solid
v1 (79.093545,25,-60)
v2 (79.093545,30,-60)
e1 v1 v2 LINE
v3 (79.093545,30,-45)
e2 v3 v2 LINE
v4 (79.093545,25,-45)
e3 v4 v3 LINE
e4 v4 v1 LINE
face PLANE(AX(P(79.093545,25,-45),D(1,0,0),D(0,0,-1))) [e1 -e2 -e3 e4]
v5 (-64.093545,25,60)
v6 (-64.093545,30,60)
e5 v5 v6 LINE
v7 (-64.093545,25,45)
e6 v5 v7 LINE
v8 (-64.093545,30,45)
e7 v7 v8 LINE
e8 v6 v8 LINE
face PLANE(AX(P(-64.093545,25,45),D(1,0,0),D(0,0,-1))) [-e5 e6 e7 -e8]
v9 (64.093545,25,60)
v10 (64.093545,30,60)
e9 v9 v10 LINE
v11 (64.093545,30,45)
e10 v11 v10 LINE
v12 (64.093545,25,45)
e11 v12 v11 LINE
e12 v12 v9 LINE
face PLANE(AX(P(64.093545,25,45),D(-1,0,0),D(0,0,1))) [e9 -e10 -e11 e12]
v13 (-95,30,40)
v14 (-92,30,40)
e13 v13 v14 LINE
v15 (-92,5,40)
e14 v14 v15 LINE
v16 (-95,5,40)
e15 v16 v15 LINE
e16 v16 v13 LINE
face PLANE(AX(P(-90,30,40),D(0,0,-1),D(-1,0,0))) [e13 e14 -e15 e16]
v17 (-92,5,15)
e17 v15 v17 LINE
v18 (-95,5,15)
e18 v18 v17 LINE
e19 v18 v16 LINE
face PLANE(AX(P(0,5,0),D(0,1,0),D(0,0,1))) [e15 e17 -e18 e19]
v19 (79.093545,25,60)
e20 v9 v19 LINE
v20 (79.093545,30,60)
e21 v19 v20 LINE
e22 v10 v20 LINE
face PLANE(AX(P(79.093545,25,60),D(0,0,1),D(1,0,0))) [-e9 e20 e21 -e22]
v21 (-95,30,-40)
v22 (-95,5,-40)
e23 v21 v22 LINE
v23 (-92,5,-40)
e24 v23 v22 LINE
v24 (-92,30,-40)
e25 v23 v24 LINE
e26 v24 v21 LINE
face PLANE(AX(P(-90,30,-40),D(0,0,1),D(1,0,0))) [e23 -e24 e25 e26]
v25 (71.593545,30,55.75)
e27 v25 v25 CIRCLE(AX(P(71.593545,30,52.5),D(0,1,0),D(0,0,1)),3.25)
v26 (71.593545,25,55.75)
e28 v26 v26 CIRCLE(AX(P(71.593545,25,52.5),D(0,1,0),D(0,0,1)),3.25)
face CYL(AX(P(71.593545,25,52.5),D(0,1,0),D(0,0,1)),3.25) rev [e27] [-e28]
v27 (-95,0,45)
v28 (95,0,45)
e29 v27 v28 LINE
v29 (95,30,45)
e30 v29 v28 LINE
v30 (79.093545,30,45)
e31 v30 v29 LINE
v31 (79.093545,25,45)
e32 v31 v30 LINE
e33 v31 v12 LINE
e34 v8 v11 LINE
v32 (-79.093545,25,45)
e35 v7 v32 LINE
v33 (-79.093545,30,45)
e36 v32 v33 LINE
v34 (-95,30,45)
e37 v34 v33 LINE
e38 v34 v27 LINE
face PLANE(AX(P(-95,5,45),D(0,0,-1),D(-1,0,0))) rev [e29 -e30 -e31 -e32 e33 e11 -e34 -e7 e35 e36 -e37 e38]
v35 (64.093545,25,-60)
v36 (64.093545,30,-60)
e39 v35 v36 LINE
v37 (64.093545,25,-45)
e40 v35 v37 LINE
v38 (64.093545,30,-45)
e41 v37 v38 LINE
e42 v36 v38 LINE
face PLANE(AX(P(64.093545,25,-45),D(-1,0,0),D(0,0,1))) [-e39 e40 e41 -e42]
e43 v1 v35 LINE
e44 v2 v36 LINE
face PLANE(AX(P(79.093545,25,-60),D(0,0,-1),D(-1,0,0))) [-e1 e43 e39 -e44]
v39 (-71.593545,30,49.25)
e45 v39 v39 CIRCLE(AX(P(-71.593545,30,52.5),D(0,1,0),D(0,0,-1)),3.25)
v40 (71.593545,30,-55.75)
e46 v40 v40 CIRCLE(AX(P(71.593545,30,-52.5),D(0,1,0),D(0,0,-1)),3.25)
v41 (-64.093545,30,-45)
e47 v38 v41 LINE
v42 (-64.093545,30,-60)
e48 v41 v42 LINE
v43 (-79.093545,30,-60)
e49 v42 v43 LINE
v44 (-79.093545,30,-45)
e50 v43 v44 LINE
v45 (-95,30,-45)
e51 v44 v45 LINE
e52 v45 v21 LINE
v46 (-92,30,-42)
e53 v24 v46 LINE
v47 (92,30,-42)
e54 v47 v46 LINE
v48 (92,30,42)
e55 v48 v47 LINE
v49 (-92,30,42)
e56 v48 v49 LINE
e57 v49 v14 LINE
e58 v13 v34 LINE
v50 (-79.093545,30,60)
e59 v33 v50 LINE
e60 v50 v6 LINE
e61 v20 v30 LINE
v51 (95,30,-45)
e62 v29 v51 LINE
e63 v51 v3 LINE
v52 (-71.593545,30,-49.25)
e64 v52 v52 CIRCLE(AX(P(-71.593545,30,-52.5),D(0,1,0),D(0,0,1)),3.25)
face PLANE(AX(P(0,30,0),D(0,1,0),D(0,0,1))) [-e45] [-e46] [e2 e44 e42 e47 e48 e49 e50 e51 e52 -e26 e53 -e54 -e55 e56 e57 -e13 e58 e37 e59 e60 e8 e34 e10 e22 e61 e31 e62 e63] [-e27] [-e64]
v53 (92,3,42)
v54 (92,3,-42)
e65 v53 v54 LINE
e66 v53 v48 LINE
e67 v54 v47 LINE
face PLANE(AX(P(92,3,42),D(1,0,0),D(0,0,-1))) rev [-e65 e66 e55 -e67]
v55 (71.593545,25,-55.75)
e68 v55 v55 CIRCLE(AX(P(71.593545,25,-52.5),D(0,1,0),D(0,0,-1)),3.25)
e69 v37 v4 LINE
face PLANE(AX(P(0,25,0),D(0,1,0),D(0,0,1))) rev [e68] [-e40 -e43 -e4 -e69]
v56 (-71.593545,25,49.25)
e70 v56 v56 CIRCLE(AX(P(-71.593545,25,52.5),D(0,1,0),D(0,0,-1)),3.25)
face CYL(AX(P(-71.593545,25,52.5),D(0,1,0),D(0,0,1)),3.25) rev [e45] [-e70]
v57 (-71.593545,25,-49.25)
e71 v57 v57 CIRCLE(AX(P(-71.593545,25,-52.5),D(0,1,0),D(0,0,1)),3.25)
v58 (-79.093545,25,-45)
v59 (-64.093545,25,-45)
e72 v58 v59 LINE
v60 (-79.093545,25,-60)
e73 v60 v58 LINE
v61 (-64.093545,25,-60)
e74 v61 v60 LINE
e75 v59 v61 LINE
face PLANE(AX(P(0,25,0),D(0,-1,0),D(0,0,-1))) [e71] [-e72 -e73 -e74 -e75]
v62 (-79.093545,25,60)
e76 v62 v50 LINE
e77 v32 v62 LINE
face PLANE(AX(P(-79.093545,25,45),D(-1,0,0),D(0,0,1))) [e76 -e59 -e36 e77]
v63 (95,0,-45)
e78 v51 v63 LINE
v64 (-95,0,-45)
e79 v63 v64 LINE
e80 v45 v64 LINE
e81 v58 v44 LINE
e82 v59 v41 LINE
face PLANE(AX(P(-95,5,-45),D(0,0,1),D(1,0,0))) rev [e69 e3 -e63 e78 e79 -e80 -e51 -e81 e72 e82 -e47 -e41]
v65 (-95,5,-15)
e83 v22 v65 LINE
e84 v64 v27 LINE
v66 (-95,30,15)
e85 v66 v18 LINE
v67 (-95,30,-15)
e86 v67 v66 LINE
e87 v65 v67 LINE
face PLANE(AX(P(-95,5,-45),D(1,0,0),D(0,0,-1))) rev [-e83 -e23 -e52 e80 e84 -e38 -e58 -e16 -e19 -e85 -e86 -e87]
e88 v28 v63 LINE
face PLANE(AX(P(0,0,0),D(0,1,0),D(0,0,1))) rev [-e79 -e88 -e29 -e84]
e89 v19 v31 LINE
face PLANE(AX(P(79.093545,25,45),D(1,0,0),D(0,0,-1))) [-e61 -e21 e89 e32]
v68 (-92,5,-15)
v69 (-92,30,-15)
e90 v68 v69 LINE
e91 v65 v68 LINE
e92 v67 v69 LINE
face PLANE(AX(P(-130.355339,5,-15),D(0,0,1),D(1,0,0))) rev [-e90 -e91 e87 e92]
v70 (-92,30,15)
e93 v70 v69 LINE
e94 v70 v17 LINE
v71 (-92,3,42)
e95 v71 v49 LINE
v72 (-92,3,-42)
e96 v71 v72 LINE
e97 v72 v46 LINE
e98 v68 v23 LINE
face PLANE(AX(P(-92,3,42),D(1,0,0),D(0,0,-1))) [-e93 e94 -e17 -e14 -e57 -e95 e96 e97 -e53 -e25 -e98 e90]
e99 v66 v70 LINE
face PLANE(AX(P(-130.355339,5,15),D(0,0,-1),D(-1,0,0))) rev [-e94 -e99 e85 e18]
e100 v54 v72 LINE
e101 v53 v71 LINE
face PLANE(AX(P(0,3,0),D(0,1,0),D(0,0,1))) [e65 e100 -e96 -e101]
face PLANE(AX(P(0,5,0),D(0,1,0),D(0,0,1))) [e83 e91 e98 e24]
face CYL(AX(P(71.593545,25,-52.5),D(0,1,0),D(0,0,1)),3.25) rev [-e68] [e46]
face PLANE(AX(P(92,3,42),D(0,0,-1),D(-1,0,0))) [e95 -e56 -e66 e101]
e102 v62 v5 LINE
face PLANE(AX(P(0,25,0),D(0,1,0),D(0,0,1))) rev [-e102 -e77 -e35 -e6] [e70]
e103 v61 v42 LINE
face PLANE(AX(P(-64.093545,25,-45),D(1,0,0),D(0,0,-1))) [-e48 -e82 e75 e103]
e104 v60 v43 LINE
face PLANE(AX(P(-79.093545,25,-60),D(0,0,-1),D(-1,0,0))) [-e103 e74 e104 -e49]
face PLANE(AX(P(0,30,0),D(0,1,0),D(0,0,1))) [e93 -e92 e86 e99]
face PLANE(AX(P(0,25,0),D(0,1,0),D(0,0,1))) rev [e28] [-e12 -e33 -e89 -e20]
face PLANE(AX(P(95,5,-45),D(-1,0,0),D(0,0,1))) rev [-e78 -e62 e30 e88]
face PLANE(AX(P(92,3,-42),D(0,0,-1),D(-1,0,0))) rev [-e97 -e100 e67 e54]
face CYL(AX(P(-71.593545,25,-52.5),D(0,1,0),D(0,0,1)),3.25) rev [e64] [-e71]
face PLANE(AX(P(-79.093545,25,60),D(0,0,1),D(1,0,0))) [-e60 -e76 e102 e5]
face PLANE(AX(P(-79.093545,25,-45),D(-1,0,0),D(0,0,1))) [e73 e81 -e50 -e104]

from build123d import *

# Parameters (mm, degrees)
SKETCH2_W           = 190
SKETCH2_H           = 90
BOSS_EXTRUDE1_DEPTH = 5
SKETCH3_W           = 190
SKETCH3_H           = 90
SKETCH3_W_2         = 180
SKETCH3_H_2         = 80
BOSS_EXTRUDE2_DEPTH = 25
SKETCH5_W           = 25
SKETCH5_H           = 25
CUT_EXTRUDE1_DEPTH  = 5
SKETCH6_W           = 15
SKETCH6_H           = 15
SKETCH6_R           = 3.25
BOSS_EXTRUDE3_DEPTH = 5
SKETCH8_W           = 184
SKETCH8_H           = 84
CUT_EXTRUDE2_DEPTH  = 27


with BuildPart() as part:
    # Sketch2 → Boss-Extrude1 (new body)
    with BuildSketch(Plane(origin=(0, 0, 0), x_dir=(1, 0, 0), z_dir=(0, 1, 0))):
        Rectangle(SKETCH2_W, SKETCH2_H)
    extrude(amount=BOSS_EXTRUDE1_DEPTH)

    # Sketch3 → Boss-Extrude2 (add)
    with BuildSketch(Plane(origin=(0, 5, 0), x_dir=(1, 0, 0), z_dir=(0, 1, 0))):
        Rectangle(SKETCH3_W, SKETCH3_H)
        Rectangle(SKETCH3_W_2, SKETCH3_H_2, mode=Mode.SUBTRACT)
    extrude(amount=BOSS_EXTRUDE2_DEPTH)

    # Sketch5 → Cut-Extrude1 (cut)
    with BuildSketch(Plane(origin=(-90, 0, 0), x_dir=(0, 0, -1), z_dir=(1, 0, 0))):
        with Locations((-27.5, 17.5)):
            Rectangle(SKETCH5_W, SKETCH5_H)
        with Locations((27.5, 17.5)):
            Rectangle(SKETCH5_W, SKETCH5_H)
    extrude(amount=-CUT_EXTRUDE1_DEPTH, mode=Mode.SUBTRACT)

    # Sketch6 → Boss-Extrude3 (add)
    # profile 1 of 4: a face of its own
    with BuildSketch(Plane(origin=(0, 30, 0), x_dir=(1, 0, 0), z_dir=(0, 1, 0))):
        with Locations((-71.593545043, 52.5)):
            Rectangle(SKETCH6_W, SKETCH6_H)
        with Locations(Location((-71.593545043, 52.5, 0), (0, 0, 270))):
            Circle(SKETCH6_R, mode=Mode.SUBTRACT)
    # profile 2 of 4: a face of its own
    with BuildSketch(Plane(origin=(0, 30, 0), x_dir=(1, 0, 0), z_dir=(0, 1, 0))):
        with Locations((-71.593545043, -52.5)):
            Rectangle(SKETCH6_W, SKETCH6_H)
        with Locations(Location((-71.593545043, -52.5, 0), (0, 0, 90))):
            Circle(SKETCH6_R, mode=Mode.SUBTRACT)
    # profile 3 of 4: a face of its own
    with BuildSketch(Plane(origin=(0, 30, 0), x_dir=(1, 0, 0), z_dir=(0, 1, 0))):
        with Locations((71.593545043, -52.5)):
            Rectangle(SKETCH6_W, SKETCH6_H)
        with Locations(Location((71.593545043, -52.5, 0), (0, 0, 270))):
            Circle(SKETCH6_R, mode=Mode.SUBTRACT)
    # profile 4 of 4: a face of its own
    with BuildSketch(Plane(origin=(0, 30, 0), x_dir=(1, 0, 0), z_dir=(0, 1, 0))):
        with Locations((71.593545043, 52.5)):
            Rectangle(SKETCH6_W, SKETCH6_H)
        with Locations(Location((71.593545043, 52.5, 0), (0, 0, 90))):
            Circle(SKETCH6_R, mode=Mode.SUBTRACT)
    extrude(amount=-BOSS_EXTRUDE3_DEPTH)

    # Sketch8 → Cut-Extrude2 (cut)
    with BuildSketch(Plane(origin=(0, 30, 0), x_dir=(1, 0, 0), z_dir=(0, 1, 0))):
        Rectangle(SKETCH8_W, SKETCH8_H)
    extrude(amount=-CUT_EXTRUDE2_DEPTH, mode=Mode.SUBTRACT)


solid = part.part
